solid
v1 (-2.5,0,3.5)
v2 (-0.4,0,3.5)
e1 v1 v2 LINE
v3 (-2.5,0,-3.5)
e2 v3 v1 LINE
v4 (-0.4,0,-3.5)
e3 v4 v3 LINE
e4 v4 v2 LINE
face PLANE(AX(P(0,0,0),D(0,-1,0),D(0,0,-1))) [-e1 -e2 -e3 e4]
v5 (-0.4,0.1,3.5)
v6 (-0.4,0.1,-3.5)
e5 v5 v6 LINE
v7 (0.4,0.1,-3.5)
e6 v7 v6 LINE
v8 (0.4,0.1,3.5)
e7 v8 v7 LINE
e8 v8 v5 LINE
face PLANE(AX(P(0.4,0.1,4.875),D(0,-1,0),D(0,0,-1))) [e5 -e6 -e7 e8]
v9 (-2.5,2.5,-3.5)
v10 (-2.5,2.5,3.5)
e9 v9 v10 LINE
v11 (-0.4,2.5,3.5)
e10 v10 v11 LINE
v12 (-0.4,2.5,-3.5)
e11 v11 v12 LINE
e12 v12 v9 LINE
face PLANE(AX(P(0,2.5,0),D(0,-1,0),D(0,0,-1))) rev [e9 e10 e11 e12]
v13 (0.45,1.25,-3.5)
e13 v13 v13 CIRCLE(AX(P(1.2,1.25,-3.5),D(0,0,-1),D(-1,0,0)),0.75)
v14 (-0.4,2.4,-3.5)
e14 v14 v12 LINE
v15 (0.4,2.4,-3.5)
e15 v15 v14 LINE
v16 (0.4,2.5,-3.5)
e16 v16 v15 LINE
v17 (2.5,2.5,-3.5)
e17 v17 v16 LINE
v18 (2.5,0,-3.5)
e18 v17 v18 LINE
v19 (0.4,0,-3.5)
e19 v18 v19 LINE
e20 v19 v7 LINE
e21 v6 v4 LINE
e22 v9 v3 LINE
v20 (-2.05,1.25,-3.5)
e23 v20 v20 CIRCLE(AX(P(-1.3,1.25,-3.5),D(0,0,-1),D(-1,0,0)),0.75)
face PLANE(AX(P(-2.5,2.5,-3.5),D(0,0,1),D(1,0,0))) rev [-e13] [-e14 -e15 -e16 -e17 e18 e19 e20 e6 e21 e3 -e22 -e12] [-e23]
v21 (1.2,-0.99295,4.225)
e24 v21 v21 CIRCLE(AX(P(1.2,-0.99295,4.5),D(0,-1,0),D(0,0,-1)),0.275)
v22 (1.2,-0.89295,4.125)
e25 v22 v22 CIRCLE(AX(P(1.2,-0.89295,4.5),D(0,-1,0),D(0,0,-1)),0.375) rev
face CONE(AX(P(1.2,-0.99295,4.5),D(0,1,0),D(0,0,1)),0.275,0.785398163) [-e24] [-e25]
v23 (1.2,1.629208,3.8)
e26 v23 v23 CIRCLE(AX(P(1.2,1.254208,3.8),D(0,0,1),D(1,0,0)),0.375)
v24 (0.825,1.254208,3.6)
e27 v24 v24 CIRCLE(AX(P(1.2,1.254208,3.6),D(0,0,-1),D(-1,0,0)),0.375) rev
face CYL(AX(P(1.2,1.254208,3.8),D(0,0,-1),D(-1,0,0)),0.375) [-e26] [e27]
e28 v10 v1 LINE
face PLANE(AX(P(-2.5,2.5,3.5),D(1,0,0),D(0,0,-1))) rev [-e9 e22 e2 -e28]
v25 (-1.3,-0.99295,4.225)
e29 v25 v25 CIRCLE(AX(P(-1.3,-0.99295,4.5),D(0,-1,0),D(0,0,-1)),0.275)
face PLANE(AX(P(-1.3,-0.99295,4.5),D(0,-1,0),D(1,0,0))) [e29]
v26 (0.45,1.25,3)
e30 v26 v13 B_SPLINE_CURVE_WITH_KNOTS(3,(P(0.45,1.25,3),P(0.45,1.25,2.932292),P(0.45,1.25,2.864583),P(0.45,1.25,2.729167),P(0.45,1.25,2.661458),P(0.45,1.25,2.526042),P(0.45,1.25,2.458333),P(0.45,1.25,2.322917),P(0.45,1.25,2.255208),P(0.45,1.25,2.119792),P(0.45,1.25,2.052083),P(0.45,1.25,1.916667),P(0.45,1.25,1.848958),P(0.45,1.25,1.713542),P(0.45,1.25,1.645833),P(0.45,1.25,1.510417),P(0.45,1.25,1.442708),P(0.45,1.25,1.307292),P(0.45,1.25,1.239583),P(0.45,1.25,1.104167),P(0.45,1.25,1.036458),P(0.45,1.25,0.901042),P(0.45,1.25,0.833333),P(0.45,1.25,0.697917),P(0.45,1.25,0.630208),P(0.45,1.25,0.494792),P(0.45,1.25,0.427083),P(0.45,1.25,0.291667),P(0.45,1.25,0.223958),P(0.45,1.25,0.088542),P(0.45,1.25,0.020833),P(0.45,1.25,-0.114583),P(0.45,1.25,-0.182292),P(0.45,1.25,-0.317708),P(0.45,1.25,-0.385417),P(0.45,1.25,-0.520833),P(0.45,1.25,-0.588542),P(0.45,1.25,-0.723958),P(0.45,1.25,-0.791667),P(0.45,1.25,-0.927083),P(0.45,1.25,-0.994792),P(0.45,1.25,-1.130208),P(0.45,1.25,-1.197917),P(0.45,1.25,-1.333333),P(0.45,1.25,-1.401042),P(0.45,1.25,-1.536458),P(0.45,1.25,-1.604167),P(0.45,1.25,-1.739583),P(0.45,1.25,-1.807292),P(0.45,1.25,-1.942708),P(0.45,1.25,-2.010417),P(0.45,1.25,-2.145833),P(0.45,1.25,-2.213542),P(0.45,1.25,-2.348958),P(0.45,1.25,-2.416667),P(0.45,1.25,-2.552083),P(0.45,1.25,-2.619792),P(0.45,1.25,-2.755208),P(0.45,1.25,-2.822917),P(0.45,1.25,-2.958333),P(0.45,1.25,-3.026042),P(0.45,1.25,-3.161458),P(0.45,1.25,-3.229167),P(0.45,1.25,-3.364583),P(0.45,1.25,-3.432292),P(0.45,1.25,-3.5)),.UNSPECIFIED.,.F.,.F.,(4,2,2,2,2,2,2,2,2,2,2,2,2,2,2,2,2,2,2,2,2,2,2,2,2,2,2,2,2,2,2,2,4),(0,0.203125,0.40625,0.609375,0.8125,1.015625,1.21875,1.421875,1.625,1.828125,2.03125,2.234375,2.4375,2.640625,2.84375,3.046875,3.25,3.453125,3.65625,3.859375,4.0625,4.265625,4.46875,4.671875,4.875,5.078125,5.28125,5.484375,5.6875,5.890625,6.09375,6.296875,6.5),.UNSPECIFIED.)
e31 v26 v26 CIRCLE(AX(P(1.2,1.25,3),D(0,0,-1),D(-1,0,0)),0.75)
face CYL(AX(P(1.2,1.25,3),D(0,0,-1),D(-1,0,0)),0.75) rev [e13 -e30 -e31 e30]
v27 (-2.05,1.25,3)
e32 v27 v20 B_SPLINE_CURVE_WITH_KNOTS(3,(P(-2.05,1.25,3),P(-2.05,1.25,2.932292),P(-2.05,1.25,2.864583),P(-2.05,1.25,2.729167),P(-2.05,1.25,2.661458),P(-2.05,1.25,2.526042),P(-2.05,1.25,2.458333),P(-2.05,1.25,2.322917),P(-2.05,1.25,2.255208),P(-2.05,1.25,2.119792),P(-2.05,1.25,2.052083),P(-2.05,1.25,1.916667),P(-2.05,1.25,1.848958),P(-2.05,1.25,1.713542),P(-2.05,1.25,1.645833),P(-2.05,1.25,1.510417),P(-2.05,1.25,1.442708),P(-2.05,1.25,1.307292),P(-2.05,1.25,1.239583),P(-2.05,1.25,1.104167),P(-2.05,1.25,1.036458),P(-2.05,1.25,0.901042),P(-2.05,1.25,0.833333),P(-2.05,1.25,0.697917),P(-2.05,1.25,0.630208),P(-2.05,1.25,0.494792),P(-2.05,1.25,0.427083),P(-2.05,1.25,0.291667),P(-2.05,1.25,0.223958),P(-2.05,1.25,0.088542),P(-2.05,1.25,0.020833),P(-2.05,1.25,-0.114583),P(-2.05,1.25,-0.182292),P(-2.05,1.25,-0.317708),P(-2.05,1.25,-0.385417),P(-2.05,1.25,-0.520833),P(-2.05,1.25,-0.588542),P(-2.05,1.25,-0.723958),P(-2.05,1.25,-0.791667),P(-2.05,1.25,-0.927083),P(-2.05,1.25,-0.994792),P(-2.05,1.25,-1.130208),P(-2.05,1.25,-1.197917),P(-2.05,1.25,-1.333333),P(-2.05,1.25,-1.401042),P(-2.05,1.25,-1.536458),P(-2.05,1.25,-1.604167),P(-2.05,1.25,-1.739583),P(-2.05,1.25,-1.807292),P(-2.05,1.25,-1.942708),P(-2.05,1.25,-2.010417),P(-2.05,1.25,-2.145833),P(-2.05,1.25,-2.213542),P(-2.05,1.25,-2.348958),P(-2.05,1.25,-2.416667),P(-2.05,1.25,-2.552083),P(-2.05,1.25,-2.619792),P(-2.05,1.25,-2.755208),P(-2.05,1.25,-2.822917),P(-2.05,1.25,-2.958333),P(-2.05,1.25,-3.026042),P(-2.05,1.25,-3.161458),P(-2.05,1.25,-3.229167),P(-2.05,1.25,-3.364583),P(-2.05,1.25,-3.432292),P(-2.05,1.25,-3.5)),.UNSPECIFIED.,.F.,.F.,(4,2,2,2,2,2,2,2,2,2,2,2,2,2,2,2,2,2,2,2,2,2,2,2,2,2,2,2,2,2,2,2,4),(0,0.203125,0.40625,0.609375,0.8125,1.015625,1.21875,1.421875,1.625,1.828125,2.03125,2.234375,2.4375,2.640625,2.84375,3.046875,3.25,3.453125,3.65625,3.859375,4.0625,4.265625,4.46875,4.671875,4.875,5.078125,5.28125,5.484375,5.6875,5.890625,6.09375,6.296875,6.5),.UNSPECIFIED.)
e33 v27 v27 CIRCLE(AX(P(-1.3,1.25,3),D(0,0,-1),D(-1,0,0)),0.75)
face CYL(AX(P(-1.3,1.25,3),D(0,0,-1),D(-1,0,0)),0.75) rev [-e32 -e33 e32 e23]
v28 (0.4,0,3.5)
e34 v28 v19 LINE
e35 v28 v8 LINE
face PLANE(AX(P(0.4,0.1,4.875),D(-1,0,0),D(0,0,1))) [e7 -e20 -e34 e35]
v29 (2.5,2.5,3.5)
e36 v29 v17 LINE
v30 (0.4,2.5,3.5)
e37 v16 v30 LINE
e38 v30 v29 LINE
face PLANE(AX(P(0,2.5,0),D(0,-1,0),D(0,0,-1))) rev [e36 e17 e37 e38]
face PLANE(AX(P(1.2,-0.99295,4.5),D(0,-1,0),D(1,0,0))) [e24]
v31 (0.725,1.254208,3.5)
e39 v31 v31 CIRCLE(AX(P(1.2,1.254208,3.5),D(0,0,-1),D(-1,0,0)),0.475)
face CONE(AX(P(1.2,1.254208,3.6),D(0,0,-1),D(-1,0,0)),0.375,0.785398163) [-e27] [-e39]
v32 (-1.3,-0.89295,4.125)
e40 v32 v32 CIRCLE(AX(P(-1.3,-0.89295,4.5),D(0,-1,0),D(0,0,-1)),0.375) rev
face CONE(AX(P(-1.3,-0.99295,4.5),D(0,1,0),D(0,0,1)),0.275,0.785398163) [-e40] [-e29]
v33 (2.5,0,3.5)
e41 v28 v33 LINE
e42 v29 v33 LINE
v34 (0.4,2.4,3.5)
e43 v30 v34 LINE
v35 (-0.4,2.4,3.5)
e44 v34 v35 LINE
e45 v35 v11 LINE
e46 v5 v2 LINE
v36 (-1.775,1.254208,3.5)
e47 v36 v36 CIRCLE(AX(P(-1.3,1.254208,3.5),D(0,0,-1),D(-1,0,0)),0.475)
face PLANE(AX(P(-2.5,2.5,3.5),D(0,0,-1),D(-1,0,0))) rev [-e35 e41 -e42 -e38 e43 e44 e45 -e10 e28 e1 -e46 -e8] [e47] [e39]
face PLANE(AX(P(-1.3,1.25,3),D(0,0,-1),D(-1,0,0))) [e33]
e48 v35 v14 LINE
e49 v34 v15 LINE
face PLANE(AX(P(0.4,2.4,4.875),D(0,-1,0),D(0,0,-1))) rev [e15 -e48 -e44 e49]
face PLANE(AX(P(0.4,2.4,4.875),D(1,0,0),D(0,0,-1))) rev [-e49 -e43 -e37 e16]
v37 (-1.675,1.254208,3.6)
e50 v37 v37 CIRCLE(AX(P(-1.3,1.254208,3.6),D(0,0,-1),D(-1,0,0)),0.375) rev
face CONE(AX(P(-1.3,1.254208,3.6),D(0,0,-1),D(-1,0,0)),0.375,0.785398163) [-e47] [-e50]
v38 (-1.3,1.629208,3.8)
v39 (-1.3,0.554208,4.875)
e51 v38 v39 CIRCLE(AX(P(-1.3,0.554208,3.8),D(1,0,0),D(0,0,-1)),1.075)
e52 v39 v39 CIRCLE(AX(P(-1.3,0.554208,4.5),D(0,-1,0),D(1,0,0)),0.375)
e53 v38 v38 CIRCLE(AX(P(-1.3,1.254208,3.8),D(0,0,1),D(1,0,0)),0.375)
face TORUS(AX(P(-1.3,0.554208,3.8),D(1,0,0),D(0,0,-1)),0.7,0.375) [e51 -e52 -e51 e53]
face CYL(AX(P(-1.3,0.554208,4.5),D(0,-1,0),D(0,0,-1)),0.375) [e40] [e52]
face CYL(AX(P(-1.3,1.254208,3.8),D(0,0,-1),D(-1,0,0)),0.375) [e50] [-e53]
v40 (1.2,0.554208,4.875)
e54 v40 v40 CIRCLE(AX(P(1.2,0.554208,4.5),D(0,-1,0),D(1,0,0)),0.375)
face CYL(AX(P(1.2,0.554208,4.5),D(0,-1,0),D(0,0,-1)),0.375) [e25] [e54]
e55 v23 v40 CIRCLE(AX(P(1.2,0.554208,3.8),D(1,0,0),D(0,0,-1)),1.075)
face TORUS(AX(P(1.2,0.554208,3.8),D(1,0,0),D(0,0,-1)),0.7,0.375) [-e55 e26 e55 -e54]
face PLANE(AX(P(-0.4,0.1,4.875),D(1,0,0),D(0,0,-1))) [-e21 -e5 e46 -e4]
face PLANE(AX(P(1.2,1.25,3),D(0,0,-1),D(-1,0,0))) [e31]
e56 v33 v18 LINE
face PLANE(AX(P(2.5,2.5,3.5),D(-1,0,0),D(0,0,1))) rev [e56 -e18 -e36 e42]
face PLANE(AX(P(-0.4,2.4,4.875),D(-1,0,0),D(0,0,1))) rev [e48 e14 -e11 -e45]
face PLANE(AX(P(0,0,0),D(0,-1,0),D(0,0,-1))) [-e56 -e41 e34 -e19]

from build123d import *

# Parameters (mm, degrees)
SKETCH1_W                  = 5
SKETCH1_H                  = 7
BOSS_EXTRUDE1_DEPTH        = 2.5
SKETCH2_R                  = 0.75
CUT_EXTRUDE1_DEPTH         = 6.5
SKETCH4_R                  = 0.375
CHAMFER1_SIZE              = 0.1
SKETCH5_W                  = 0.8
SKETCH5_H                  = 0.1
CUT_EXTRUDE2_DEPTH         = 10.09068901
LPATTERN1_COUNT            = 2
LPATTERN1_PITCH            = 2.5
LPATTERN2_COUNT            = 2
LPATTERN2_PITCH            = 2.5
CHAMFER1_OF_LPATTERN2_SIZE = 0.1


with BuildPart() as part:
    # Sketch1 → Boss-Extrude1 (new body)
    with BuildSketch(Plane(origin=(0, 0, 0), x_dir=(1, 0, 0), z_dir=(0, 1, 0))):
        Rectangle(SKETCH1_W, SKETCH1_H)
    extrude(amount=BOSS_EXTRUDE1_DEPTH)

    # Sketch2 → Cut-Extrude1 (cut)
    with BuildSketch(Plane(origin=(0, 0, -3.5), x_dir=(-1, 0, 0), z_dir=(0, 0, -1))):
        with Locations((-1.2, 1.25)):
            Circle(SKETCH2_R)
    cut_extrude1 = extrude(amount=-CUT_EXTRUDE1_DEPTH, mode=Mode.SUBTRACT)

    # Sweep1: sweep along a path in Sketch3
    with BuildLine(Plane(origin=(1.2, 0, 0), x_dir=(0, 0, -1), z_dir=(1, 0, 0))) as sweep1_path:
        Line((-3.5, 1.254208417), (-3.8, 1.254208417))
        ThreePointArc((-3.8, 1.254208417), (-4.294974747, 1.049183164), (-4.5, 0.554208417))
        Line((-4.5, 0.554208417), (-4.5, -0.992950224))
    # Sketch4 → Sweep1 (sweep)
    with BuildSketch(Plane.XY.offset(3.5)):
        with Locations((1.2, 1.254208417)):
            Circle(SKETCH4_R)
    sweep1 = sweep(path=sweep1_path.line)

    # Chamfer1
    chamfer1_edges = [part.edges().sort_by_distance(p)[0] for p in [
        (0.825, 1.254208417, 3.5),
        (0.825, -0.992950224, 4.5),
    ]]
    chamfer(chamfer1_edges, length=CHAMFER1_SIZE)

    # Sketch5 → Cut-Extrude2 (cut, through all)
    with BuildSketch(Plane(origin=(0, 0, -3.5), x_dir=(-1, 0, 0), z_dir=(0, 0, -1))):
        with Locations((0, 2.45)):
            Rectangle(SKETCH5_W, SKETCH5_H)
    cut_extrude2 = extrude(amount=-CUT_EXTRUDE2_DEPTH, mode=Mode.SUBTRACT)

    # Mirror6: Cut-Extrude2 across plane
    add(cut_extrude2.mirror(Plane(origin=(0, 1.25, 0), x_dir=(0, 0, 1), z_dir=(0, -1, 0))), mode=Mode.SUBTRACT)

    # LPattern1: Cut-Extrude1 ×2
    with Locations(*[(-i * LPATTERN1_PITCH, 0, 0) for i in range(1, LPATTERN1_COUNT)]):
        add(cut_extrude1, mode=Mode.SUBTRACT)

    # LPattern2: Sweep1 ×2
    with Locations(*[(-i * LPATTERN2_PITCH, 0, 0) for i in range(1, LPATTERN2_COUNT)]):
        add(sweep1)

    # Chamfer1 of LPattern2
    chamfer1_of_lpattern2_edges = [part.edges().sort_by_distance(p)[0] for p in [
        (-1.675, 1.254208417, 3.5),
        (-1.675, -0.992950224, 4.5),
    ]]
    chamfer(chamfer1_of_lpattern2_edges, length=CHAMFER1_OF_LPATTERN2_SIZE)


solid = part.part
